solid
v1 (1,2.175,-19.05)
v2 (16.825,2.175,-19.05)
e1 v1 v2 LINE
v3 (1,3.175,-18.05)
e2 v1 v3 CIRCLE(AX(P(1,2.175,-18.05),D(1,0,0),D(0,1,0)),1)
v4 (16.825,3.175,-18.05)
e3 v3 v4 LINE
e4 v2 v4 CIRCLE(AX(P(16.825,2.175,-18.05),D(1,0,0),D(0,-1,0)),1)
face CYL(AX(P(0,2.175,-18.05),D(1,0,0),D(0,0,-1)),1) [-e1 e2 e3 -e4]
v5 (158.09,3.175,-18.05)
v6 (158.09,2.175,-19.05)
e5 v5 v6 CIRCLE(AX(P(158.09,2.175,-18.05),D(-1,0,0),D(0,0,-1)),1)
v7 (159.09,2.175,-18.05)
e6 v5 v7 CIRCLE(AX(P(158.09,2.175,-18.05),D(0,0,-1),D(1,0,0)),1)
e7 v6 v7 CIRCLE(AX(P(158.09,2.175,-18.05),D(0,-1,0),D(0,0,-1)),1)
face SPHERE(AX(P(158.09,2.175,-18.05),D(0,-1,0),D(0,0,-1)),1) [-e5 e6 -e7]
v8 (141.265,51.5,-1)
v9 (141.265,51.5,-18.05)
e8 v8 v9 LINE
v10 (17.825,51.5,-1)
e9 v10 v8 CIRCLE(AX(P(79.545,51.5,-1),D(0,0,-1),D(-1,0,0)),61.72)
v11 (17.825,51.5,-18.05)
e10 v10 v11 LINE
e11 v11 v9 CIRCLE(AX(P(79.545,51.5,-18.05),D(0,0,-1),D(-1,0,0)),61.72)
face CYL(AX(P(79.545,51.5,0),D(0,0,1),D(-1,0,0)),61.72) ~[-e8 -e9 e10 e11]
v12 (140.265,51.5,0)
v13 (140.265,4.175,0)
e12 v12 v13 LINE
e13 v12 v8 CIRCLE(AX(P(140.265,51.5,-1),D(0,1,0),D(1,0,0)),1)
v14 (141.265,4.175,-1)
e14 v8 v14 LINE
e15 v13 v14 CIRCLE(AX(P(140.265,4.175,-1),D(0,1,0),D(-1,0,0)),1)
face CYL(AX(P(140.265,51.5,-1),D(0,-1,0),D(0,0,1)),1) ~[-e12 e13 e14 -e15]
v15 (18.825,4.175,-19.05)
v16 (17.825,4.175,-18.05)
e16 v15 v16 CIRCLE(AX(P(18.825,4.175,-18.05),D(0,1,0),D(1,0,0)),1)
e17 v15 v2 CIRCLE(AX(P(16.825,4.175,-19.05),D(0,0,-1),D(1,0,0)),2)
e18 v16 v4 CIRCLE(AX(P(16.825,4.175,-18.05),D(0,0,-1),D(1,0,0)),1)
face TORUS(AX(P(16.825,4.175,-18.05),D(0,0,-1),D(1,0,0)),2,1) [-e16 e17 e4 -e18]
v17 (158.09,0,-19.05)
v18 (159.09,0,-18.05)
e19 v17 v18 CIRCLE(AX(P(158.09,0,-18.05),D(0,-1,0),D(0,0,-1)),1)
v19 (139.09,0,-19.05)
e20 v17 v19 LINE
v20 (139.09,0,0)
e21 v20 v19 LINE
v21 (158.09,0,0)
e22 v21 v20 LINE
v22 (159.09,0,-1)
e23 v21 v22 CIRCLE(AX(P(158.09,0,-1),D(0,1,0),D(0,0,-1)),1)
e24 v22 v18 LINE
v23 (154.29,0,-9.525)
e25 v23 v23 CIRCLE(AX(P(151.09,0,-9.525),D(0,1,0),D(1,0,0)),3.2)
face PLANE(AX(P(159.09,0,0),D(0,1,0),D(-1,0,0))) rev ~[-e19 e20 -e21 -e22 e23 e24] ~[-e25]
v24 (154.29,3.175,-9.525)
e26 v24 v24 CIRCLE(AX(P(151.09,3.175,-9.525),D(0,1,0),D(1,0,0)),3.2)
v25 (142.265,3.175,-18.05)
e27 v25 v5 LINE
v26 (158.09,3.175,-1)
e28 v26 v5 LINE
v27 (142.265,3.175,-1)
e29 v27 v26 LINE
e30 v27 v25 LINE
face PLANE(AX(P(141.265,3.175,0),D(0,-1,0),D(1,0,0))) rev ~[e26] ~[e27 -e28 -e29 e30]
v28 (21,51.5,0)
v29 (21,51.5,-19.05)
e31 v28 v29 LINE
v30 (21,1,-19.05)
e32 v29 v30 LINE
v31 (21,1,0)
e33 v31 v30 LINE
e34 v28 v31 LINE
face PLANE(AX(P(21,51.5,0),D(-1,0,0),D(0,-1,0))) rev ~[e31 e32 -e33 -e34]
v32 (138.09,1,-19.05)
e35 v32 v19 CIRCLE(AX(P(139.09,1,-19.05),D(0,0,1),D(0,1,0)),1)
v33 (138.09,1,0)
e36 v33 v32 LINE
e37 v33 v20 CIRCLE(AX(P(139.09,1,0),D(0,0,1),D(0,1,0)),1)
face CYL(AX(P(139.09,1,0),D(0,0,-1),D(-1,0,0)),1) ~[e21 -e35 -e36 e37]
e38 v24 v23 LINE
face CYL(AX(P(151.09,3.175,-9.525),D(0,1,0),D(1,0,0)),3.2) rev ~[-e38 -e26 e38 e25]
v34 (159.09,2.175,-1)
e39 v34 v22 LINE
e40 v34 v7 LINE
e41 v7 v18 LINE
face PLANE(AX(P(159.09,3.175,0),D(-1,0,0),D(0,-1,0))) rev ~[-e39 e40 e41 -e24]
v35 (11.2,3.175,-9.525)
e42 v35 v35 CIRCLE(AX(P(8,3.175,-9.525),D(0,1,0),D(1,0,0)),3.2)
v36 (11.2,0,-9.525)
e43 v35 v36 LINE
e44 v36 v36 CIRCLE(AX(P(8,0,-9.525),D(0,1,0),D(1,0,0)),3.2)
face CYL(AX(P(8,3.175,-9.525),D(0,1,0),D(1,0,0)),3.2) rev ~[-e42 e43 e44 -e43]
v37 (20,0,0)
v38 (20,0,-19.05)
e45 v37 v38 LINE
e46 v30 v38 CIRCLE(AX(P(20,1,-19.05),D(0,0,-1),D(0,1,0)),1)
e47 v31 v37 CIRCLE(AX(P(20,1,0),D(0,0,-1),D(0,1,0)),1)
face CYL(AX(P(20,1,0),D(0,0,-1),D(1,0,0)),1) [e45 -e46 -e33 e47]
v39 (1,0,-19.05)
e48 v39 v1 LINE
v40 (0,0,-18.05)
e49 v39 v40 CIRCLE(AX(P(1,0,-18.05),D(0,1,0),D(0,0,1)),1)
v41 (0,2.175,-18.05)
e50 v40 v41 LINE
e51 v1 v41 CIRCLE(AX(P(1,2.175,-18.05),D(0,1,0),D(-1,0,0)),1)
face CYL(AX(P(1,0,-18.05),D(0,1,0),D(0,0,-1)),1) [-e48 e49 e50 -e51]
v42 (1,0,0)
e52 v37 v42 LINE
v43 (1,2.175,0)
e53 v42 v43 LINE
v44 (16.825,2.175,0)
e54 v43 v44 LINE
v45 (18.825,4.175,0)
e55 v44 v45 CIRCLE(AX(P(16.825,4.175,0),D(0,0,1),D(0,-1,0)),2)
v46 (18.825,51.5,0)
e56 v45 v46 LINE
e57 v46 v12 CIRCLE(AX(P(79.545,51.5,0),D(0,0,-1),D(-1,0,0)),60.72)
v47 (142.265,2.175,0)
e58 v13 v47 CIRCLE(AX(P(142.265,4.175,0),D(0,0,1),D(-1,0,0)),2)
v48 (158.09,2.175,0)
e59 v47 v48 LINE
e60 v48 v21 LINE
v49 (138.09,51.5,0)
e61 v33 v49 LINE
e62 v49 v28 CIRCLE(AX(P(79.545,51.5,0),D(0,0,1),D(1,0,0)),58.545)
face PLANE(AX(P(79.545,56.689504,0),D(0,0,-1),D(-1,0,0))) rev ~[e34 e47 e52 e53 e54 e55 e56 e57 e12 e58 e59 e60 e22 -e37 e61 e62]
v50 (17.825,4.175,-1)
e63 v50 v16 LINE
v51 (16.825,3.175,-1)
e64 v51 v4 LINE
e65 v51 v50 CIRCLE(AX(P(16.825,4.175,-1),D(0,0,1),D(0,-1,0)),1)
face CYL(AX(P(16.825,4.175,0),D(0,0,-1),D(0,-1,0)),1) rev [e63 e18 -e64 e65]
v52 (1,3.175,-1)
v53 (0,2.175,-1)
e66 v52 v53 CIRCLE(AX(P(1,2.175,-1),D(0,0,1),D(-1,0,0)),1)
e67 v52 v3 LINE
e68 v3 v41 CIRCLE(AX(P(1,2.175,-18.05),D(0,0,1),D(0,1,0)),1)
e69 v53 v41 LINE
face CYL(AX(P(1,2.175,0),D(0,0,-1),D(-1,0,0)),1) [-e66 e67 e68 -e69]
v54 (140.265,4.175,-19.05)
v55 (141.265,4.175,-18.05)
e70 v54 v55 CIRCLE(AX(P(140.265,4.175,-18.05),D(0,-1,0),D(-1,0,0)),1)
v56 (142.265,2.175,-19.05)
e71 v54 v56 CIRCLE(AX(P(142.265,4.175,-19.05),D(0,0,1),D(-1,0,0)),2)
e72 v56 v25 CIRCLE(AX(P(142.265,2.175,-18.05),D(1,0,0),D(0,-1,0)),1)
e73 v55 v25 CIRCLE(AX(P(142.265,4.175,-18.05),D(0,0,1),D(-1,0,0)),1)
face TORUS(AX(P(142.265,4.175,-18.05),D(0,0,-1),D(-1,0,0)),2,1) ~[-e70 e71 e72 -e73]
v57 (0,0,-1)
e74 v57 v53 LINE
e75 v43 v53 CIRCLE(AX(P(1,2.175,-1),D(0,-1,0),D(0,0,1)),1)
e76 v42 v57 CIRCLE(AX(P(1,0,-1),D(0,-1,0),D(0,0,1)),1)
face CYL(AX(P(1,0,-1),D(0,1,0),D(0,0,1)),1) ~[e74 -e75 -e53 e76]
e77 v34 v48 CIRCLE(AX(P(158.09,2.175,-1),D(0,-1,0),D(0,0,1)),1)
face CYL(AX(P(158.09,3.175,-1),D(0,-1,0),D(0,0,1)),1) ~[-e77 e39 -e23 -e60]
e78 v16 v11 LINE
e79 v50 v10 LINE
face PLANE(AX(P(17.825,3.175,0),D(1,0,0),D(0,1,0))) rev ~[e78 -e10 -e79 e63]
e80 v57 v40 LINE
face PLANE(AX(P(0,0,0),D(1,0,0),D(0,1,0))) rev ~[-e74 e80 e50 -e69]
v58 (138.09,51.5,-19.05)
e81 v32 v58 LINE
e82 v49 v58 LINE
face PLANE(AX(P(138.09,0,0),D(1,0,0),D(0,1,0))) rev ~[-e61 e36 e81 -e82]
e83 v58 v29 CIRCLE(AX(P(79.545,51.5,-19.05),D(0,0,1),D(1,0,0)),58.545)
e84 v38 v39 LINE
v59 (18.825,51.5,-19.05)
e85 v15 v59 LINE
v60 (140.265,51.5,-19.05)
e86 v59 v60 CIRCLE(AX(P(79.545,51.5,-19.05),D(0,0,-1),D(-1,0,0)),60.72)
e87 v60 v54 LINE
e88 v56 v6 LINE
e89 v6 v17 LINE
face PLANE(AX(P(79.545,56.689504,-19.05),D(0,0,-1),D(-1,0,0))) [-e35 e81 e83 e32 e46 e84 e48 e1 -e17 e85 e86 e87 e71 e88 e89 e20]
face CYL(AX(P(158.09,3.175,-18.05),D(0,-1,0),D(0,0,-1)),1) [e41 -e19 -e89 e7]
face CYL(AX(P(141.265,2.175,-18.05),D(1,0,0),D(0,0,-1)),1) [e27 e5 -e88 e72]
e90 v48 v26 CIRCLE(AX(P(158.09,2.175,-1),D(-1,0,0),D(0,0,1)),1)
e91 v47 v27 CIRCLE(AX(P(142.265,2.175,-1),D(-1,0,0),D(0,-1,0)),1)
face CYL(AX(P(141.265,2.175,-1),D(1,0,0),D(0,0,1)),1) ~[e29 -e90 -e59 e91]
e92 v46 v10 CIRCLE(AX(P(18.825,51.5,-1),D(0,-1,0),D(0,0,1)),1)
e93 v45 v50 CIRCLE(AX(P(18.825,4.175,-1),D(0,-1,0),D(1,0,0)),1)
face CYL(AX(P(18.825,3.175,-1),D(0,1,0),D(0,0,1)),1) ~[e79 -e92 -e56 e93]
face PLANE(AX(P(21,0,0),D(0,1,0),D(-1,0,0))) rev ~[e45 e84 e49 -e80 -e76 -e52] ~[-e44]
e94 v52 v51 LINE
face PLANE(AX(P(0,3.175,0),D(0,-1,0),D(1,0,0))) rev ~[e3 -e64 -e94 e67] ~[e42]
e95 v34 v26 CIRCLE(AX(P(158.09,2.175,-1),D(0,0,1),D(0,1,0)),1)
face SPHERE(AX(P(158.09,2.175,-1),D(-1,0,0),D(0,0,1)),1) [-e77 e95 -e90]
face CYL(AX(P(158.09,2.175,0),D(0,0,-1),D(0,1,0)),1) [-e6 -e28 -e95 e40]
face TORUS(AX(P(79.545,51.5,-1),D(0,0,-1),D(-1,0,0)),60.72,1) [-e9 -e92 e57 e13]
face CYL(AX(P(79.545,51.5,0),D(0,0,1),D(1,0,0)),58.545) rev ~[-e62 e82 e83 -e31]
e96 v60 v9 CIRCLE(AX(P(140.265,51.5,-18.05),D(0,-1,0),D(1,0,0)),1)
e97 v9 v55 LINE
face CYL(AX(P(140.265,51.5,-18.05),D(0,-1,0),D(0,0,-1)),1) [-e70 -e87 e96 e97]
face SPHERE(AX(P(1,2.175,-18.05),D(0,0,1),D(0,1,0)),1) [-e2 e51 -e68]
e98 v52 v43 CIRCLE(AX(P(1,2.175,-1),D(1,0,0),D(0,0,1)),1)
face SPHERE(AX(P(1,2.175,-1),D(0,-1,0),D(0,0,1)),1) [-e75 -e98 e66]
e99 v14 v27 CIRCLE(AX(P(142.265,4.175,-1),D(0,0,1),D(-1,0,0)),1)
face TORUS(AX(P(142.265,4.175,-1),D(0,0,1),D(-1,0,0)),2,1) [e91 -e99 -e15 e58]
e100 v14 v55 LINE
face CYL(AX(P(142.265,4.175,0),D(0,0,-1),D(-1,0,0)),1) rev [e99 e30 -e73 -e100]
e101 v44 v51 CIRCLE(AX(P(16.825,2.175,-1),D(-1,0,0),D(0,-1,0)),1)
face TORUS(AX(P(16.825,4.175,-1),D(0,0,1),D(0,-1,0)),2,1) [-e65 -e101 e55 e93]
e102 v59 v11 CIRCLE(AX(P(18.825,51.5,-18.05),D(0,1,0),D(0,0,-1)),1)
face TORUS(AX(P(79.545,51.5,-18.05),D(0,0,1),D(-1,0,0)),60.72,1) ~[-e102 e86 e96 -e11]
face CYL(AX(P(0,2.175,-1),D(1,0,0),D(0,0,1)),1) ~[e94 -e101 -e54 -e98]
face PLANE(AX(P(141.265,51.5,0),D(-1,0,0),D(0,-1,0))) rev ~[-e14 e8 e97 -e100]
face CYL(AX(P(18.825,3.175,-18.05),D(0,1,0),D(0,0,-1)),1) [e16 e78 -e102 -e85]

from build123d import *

# Parameters (mm, degrees)
BOSS_EXTRUDE1_DEPTH = 19.05
CUT_EXTRUDE1_REACH  = 5.175
SKETCH2_R           = 3.2
FILLET1_R           = 1


with BuildPart() as part:
    # Sketch1 → Boss-Extrude1 (new body)
    with BuildSketch(Plane.XY):
        with BuildLine():
            Line((21, 51.5), (21, 0))
            Line((21, 0), (0, 0))
            Line((0, 0), (0, 3.175))
            Line((0, 3.175), (17.825, 3.175))
            Line((17.825, 3.175), (17.825, 51.5))
            ThreePointArc((17.825, 51.5), (79.545, 113.22), (141.265, 51.5))
            Line((141.265, 51.5), (141.265, 3.175))
            Line((141.265, 3.175), (159.09, 3.175))
            Line((159.09, 3.175), (159.09, 0))
            Line((159.09, 0), (138.09, 0))
            Line((138.09, 0), (138.09, 51.5))
            ThreePointArc((138.09, 51.5), (79.545, 110.045), (21, 51.5))
        make_face()
    extrude(amount=-BOSS_EXTRUDE1_DEPTH)

    # Sketch2 → Cut-Extrude1 (cut, up to next)
    with BuildSketch(Plane(origin=(0, 3.175, 0), x_dir=(1, 0, 0), z_dir=(0, 1, 0)), mode=Mode.PRIVATE) as cut_extrude1_sk1:
        with Locations((151.09, 9.525)):
            Circle(SKETCH2_R)
    cut_extrude1_tool1 = extrude(cut_extrude1_sk1.sketch, amount=-CUT_EXTRUDE1_REACH, mode=Mode.PRIVATE) & part.part
    add(cut_extrude1_tool1.solids().sort_by_distance((151.09, 3.175, -9.525))[0], mode=Mode.SUBTRACT)
    # Sketch2 → Cut-Extrude1 (cut, up to next)
    with BuildSketch(Plane(origin=(0, 3.175, 0), x_dir=(1, 0, 0), z_dir=(0, 1, 0)), mode=Mode.PRIVATE) as cut_extrude1_sk2:
        with Locations((8, 9.525)):
            Circle(SKETCH2_R)
    cut_extrude1_tool2 = extrude(cut_extrude1_sk2.sketch, amount=-CUT_EXTRUDE1_REACH, mode=Mode.PRIVATE) & part.part
    add(cut_extrude1_tool2.solids().sort_by_distance((8, 3.175, -9.525))[0], mode=Mode.SUBTRACT)

    # Fillet1
    fillet1_edges = [part.edges().sort_by_distance(p)[0] for p in [
        (0, 1.5875, 0),
        (8.9125, 3.175, 0),
        (17.825, 27.3375, 0),
        (79.545, 113.22, 0),
        (141.265, 27.3375, 0),
        (150.1775, 3.175, 0),
        (159.09, 1.5875, 0),
        (159.09, 1.5875, -19.05),
        (21, 0, -9.525),
        (150.1775, 3.175, -19.05),
        (0, 3.175, -9.525),
        (17.825, 3.175, -9.525),
        (141.265, 3.175, -9.525),
        (159.09, 3.175, -9.525),
        (138.09, 0, -9.525),
        (141.265, 27.3375, -19.05),
        (79.545, 113.22, -19.05),
        (17.825, 27.3375, -19.05),
        (8.9125, 3.175, -19.05),
        (0, 1.5875, -19.05),
    ]]
    fillet(fillet1_edges, radius=FILLET1_R)


solid = part.part
